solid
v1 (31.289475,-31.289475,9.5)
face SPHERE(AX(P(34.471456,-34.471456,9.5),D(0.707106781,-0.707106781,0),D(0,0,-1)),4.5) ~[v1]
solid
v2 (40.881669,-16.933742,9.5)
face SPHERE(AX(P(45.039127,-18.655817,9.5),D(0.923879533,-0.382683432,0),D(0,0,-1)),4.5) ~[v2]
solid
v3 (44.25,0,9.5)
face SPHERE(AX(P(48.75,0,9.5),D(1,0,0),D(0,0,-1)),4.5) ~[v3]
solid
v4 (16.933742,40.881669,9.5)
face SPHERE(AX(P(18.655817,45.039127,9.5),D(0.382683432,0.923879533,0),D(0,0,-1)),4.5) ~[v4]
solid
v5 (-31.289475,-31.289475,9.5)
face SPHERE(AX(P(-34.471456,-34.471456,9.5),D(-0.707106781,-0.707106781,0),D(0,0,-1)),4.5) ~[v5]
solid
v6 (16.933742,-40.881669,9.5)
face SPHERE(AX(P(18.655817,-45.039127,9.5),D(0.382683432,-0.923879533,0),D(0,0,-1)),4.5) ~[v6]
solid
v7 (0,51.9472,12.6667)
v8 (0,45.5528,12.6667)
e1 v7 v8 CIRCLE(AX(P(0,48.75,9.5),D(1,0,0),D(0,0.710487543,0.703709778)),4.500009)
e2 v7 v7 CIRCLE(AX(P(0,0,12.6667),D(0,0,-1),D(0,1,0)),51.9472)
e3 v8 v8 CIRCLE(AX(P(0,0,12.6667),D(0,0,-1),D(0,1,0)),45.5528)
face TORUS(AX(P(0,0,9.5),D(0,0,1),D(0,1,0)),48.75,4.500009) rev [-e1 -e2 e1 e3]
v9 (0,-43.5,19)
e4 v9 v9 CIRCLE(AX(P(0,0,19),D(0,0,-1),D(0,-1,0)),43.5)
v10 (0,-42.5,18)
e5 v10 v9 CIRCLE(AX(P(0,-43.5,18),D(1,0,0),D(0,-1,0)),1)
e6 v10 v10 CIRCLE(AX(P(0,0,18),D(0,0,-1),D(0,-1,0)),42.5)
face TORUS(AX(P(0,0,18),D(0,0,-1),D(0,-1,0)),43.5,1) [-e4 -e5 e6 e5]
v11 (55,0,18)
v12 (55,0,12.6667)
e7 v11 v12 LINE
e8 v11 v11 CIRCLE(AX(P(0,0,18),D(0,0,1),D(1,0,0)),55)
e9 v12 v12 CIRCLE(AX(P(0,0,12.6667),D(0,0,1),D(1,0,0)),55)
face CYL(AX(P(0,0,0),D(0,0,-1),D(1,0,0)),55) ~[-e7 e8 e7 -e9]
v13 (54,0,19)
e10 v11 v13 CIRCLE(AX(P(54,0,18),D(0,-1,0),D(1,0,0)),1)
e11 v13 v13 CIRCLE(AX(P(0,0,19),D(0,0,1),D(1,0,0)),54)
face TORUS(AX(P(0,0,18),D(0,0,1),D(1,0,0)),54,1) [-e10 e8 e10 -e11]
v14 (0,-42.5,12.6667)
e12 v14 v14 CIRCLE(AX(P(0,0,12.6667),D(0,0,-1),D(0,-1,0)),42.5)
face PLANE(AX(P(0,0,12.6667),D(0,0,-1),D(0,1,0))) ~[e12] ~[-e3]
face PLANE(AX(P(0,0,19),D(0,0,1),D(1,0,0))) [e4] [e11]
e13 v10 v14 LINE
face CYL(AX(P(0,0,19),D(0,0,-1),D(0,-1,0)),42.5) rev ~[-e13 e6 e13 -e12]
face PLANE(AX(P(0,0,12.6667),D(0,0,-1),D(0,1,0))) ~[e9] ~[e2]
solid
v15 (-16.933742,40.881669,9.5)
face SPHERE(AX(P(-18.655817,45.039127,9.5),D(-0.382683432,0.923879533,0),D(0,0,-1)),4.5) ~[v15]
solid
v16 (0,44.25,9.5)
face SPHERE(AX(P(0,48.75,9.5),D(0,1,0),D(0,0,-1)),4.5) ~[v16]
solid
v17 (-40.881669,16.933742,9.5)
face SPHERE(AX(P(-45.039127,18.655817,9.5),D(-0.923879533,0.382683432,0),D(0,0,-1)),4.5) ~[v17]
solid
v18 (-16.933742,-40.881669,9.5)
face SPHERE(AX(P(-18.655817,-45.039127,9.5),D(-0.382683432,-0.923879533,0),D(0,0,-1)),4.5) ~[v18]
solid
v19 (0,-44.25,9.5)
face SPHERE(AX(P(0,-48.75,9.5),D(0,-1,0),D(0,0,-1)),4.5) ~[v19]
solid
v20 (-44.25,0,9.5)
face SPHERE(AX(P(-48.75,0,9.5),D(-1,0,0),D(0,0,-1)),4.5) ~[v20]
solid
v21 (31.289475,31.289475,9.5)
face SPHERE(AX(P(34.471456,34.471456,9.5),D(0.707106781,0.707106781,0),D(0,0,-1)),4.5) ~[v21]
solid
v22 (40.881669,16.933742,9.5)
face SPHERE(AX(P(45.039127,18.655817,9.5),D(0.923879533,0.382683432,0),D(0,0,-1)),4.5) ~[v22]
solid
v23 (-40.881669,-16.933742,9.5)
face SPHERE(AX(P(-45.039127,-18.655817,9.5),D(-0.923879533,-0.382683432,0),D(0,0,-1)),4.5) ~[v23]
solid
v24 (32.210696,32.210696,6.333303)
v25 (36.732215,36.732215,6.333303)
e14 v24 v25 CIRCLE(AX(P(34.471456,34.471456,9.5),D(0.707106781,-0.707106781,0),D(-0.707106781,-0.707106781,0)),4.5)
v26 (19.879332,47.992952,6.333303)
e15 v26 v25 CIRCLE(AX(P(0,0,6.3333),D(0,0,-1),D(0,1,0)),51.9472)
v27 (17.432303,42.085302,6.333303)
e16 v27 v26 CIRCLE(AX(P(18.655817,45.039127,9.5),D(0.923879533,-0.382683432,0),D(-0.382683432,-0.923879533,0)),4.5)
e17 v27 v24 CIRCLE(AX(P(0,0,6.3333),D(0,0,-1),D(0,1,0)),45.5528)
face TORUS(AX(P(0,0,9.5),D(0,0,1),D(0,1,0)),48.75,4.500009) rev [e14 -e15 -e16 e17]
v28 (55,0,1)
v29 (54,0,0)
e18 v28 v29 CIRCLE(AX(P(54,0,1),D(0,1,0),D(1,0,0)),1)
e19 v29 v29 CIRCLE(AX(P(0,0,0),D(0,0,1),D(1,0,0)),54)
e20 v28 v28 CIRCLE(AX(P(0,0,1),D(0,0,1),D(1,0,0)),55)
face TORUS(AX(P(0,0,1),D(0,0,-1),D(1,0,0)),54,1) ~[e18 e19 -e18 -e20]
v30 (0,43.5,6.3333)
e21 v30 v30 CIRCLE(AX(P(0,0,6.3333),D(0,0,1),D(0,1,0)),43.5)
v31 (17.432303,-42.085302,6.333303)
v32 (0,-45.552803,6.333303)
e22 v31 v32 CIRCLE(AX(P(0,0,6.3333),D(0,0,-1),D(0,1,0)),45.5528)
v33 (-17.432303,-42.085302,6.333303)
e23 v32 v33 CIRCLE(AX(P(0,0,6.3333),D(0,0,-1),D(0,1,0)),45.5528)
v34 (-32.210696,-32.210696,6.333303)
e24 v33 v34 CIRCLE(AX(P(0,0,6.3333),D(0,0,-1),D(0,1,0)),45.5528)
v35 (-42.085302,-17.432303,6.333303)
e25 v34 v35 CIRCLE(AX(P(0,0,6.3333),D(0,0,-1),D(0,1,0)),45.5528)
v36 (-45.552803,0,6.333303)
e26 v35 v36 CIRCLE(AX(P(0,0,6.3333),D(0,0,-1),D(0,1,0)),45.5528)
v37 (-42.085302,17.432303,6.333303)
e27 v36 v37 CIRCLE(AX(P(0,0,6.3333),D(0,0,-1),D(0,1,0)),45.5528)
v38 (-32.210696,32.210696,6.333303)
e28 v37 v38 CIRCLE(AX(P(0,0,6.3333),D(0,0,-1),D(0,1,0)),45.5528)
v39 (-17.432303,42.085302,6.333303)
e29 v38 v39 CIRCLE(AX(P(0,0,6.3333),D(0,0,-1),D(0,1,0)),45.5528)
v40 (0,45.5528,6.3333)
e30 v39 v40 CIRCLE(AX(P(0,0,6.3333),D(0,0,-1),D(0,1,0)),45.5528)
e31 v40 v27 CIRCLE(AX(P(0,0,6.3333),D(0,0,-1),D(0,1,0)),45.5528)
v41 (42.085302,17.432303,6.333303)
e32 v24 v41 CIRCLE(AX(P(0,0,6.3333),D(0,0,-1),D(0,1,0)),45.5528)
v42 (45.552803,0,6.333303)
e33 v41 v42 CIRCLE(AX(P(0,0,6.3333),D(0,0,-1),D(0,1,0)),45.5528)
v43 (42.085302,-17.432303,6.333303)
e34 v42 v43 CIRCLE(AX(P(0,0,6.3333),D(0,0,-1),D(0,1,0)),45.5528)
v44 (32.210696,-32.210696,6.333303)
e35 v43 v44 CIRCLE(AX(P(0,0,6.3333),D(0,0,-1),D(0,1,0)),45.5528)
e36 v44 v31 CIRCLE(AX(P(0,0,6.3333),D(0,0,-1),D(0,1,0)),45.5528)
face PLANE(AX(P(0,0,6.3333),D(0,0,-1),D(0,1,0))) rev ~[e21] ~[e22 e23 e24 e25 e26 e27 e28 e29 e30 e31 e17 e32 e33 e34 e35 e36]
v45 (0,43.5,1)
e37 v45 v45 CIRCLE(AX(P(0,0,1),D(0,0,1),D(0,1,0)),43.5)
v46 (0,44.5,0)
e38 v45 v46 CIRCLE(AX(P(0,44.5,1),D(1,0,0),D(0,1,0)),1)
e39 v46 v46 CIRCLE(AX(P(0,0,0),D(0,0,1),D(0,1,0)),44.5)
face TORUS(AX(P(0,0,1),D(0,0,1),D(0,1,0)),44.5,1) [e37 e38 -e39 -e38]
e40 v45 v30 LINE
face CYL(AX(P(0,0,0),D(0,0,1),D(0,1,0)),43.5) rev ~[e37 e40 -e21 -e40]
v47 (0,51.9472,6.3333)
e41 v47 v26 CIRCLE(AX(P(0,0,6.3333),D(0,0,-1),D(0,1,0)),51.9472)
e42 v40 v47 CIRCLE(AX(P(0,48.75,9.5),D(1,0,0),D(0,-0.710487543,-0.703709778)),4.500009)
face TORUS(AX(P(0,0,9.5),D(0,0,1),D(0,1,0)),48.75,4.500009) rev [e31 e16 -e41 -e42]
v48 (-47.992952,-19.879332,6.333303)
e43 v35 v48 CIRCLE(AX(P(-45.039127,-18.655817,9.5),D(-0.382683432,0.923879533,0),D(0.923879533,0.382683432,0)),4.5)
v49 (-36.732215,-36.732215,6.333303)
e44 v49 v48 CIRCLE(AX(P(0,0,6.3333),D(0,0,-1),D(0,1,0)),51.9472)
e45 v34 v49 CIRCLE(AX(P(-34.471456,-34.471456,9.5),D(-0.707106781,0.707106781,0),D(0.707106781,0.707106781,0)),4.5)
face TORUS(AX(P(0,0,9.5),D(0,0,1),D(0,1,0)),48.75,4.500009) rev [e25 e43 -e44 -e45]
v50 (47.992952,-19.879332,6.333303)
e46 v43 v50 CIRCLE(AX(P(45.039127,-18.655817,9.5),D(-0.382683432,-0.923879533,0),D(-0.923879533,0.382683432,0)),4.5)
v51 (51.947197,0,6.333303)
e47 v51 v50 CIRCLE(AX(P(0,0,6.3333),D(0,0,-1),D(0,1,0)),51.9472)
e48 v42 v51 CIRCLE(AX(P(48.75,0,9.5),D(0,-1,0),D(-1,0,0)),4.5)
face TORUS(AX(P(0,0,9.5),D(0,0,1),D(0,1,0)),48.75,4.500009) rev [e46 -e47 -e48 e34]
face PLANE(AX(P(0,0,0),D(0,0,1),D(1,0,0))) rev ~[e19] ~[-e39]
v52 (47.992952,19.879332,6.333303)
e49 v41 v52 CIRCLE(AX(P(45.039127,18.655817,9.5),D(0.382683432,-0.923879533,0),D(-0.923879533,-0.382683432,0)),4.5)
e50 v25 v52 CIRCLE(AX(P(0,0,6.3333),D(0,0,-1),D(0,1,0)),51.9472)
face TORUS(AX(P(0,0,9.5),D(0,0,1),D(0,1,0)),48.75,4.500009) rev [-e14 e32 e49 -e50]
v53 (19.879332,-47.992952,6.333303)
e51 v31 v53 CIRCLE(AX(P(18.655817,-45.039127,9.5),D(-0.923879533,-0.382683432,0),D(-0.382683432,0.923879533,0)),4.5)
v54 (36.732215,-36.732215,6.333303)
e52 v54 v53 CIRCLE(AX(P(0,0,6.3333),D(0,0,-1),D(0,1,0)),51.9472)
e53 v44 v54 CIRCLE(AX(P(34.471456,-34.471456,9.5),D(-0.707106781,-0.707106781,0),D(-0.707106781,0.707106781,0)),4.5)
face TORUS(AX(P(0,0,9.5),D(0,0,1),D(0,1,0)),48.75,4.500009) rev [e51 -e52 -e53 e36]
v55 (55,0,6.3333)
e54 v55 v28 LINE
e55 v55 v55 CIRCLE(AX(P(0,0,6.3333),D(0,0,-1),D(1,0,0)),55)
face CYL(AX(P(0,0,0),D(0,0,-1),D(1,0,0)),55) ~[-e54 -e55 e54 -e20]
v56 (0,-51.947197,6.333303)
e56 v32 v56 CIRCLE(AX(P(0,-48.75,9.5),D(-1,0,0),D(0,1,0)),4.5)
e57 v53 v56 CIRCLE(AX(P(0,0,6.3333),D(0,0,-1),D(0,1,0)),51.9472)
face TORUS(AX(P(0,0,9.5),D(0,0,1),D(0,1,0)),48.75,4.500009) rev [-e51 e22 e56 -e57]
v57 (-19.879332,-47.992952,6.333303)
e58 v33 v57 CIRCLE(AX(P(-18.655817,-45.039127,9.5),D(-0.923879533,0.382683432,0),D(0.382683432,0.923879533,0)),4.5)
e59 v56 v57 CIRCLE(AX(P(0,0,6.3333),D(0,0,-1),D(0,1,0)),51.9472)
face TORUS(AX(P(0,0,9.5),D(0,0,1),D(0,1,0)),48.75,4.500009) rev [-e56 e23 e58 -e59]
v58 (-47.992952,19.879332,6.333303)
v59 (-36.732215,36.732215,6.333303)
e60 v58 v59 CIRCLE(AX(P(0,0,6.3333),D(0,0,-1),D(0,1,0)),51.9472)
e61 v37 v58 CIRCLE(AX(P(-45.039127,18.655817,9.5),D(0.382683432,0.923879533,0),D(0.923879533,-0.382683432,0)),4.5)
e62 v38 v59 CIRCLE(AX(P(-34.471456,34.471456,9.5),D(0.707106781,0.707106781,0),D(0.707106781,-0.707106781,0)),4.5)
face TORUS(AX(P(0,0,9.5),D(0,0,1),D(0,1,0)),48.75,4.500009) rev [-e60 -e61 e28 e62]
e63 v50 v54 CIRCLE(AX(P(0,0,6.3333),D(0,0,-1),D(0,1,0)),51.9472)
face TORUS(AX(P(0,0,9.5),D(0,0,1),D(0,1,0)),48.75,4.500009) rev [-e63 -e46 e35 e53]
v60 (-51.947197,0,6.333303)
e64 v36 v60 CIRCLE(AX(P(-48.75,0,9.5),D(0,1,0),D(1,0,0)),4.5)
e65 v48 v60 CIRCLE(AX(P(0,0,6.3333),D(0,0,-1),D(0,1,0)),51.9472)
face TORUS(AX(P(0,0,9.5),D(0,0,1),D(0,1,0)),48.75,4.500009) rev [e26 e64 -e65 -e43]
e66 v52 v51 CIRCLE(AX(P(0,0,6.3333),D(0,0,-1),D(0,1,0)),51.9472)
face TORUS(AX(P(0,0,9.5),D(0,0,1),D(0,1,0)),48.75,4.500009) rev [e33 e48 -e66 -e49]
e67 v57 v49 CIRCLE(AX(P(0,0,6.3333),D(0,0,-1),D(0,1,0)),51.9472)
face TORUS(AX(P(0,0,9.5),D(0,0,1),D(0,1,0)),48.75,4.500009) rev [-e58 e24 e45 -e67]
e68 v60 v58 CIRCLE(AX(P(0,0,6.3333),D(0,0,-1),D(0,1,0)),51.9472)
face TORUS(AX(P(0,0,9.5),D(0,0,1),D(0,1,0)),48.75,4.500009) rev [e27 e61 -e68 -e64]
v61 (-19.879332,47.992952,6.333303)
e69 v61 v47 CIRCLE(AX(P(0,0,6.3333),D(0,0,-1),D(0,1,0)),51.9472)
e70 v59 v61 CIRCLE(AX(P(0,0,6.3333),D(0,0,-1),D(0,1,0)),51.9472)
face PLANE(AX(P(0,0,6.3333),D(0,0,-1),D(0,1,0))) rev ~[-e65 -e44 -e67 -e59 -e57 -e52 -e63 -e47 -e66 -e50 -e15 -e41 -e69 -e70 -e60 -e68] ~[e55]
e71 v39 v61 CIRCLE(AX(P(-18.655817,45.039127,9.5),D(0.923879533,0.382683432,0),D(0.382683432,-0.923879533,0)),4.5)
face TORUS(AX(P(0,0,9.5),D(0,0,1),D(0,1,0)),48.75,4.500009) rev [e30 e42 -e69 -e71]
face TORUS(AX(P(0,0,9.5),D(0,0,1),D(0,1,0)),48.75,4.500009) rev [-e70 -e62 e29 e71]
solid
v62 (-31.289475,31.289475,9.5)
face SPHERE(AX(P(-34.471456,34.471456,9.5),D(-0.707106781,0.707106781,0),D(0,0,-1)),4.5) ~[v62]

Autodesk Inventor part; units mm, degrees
ref_plane "WorkPlane1" through (0, 0, 0) normal (0, 0, 1) x (1, 0, 0)
sketch "Sketch1" plane through (0, 0, 0) normal (0, 0, 1) x (1, 0, 0)
  point P0 (0, 0)
ref_plane "Work Plane2" through (0, 0, -19) normal (0, 0, 1) x (1, 0, 0)
ref_plane "WorkPlane2" through (0, 0, 9) normal (0, 0, 1) x (1, 0, 0)
sketch "Sketch2" plane through (0, 0, 0) normal (0, 0, 1) x (1, 0, 0)
  circle A0 centre (0, 0) radius 55
  dimension "d2" = 110
extrude "Extrusion1" add sketch "Sketch2" along normal blind 9.5
sketch "Sketch3" plane through (0, 0, 9) normal (0, 0, 1) x (1, 0, 0)
  point P0 (0, 0)
sketch "Sketch4" plane through (0, 0, 9.5) normal (0, 0, 1) x (1, 0, 0)
  circle A0 centre (0, 0) radius 55
  circle A1 centre (0, 0) radius 55 construction
  dimension "d8" = 110
extrude "Extrusion2" add sketch "Sketch4" along normal blind 9.5
sketch "Sketch5" plane through (0, 0, 19) normal (0, 0, 1) x (1, 0, 0)
  circle A0 centre (0, 0) radius 55 projected
hole "Hole1" at (0, 0, 19) direction (0, 0, -1) diameter 85 depth 9.5 tip angle 118
sketch "Sketch6" plane through (0, 0, 0) normal (0, 0, -1) x (-1, 0, 0)
  circle A0 centre (0, 0) radius 55 projected
hole "Hole2" at (0, 0, 0) direction (0, 0, 1) diameter 87 depth 9.5 tip angle 118
sketch "Sketch7" plane through (0, 0, 0) normal (1, 0, 0) x (0, 1, 0)
  arc A0 (45.5528, 6.3333) -> (51.9472, 6.3333) centre (48.75, 9.5) ccw
  line L0 (55, 6.3333) -> (51.9472, 6.3333)
  line L1 (55, 12.6667) -> (55, 6.3333)
  line L2 (51.9472, 12.6667) -> (55, 12.6667)
  arc A1 (51.9472, 12.6667) -> (45.5528, 12.6667) centre (48.75, 9.5) ccw
  line L3 (0, 12.6667) -> (45.5528, 12.6667)
  line L4 (0, 6.3333) -> (0, 12.6667)
  line L5 (45.5528, 6.3333) -> (0, 6.3333)
  line L6 (-55, 0) -> (55, 0) construction
  line L7 (-42.5, 19) -> (42.5, 19) construction
  line L8 (0, 19.3691) -> (0, -14.8691)
  line L9 (0, -21.7167) -> (0, 26.2167) projected
  line L10 (55, 0) -> (55, 19) projected
  line L11 (0, 9.5) -> (-6.94, 9.5)
  line L12 (-55, 19) -> (55, 19) projected
  dimension "d27" = 4.5
  dimension "d36" = 19
  dimension "d37" = 6.3333
  dimension "d38" = 97.5
  dimension "d39" = 6.3333
revolve "Revolution1" cut sketch "Sketch7" angle 360 about axis through (0, 0, 19.3691) along (0, 0, -1) contours L5 L4 L3 A1 L2 L1 L0 A0
sketch "Sketch8" plane through (0, 0, 0) normal (1, 0, 0) x (0, 1, 0)
  line L0 (44.25, 9.5) -> (53.25, 9.5)
  arc A0 (44.25, 9.5) -> (53.25, 9.5) centre (48.75, 9.5) ccw
  line L1 (-55, 0) -> (55, 0) construction
  line L2 (44.25, 9.5) -> (53.25, 9.5)
  line L3 (0, 9.5) -> (-6.94, 9.5) projected
  line L4 (0, 19.3691) -> (0, -14.8691) projected
  dimension "d30" = 4.5
  dimension "d40" = 97.5
revolve "Revolution2" add sketch "Sketch8" angle 360 about axis through (0, 44.25, 9.5) along (0, -1, 0)
pattern_circular "PolarArray1" count 16 over 360 about axis through (0, 0, 0) along (0, 0, 1) of "Revolution2"
fillet "Fillet1" radius 1 4 edges at (0, -43.5, 0) (0, 42.5, 19) (-55, 0, 0) (-55, 0, 19)
equation "\"d12\" = Diam"
equation "\"d17\" = 0.5 * B"
equation "\"d19\" = DD1"
equation "\"d24\" = 0.5 * B"
equation "\"d35\" = r"
equation "\"d3\" = 0.5 * B"
equation "\"d8\" = Diam1"
equation "\"d9\" = 0.5 * B"
equation "\"d2\" = DD"
equation "\"d27\" = 0.5 * msp_dd0"
equation "\"d36\" = B"
equation "\"d37\" = 0.333333 * B"
equation "\"d38\" = msp_mdtds"
equation "\"d39\" = d37"
equation "\"d30\" = 0.5 * msp_dd0"
equation "\"d40\" = d38"
equation "\"Diam\" = 85"
equation "\"DD1\" = 87"
equation "\"B\" = 19"
equation "\"r\" = 1"
equation "\"msp_dd0\" = -0.36 * Diam + 0.36 * DD"
equation "\"msp_mdtds\" = 0.5 * Diam + 0.5 * DD"
equation "\"Diam1\" = 110"
equation "\"DD\" = 110"
properties part number "SKF51117" material "Steel, Mild"
